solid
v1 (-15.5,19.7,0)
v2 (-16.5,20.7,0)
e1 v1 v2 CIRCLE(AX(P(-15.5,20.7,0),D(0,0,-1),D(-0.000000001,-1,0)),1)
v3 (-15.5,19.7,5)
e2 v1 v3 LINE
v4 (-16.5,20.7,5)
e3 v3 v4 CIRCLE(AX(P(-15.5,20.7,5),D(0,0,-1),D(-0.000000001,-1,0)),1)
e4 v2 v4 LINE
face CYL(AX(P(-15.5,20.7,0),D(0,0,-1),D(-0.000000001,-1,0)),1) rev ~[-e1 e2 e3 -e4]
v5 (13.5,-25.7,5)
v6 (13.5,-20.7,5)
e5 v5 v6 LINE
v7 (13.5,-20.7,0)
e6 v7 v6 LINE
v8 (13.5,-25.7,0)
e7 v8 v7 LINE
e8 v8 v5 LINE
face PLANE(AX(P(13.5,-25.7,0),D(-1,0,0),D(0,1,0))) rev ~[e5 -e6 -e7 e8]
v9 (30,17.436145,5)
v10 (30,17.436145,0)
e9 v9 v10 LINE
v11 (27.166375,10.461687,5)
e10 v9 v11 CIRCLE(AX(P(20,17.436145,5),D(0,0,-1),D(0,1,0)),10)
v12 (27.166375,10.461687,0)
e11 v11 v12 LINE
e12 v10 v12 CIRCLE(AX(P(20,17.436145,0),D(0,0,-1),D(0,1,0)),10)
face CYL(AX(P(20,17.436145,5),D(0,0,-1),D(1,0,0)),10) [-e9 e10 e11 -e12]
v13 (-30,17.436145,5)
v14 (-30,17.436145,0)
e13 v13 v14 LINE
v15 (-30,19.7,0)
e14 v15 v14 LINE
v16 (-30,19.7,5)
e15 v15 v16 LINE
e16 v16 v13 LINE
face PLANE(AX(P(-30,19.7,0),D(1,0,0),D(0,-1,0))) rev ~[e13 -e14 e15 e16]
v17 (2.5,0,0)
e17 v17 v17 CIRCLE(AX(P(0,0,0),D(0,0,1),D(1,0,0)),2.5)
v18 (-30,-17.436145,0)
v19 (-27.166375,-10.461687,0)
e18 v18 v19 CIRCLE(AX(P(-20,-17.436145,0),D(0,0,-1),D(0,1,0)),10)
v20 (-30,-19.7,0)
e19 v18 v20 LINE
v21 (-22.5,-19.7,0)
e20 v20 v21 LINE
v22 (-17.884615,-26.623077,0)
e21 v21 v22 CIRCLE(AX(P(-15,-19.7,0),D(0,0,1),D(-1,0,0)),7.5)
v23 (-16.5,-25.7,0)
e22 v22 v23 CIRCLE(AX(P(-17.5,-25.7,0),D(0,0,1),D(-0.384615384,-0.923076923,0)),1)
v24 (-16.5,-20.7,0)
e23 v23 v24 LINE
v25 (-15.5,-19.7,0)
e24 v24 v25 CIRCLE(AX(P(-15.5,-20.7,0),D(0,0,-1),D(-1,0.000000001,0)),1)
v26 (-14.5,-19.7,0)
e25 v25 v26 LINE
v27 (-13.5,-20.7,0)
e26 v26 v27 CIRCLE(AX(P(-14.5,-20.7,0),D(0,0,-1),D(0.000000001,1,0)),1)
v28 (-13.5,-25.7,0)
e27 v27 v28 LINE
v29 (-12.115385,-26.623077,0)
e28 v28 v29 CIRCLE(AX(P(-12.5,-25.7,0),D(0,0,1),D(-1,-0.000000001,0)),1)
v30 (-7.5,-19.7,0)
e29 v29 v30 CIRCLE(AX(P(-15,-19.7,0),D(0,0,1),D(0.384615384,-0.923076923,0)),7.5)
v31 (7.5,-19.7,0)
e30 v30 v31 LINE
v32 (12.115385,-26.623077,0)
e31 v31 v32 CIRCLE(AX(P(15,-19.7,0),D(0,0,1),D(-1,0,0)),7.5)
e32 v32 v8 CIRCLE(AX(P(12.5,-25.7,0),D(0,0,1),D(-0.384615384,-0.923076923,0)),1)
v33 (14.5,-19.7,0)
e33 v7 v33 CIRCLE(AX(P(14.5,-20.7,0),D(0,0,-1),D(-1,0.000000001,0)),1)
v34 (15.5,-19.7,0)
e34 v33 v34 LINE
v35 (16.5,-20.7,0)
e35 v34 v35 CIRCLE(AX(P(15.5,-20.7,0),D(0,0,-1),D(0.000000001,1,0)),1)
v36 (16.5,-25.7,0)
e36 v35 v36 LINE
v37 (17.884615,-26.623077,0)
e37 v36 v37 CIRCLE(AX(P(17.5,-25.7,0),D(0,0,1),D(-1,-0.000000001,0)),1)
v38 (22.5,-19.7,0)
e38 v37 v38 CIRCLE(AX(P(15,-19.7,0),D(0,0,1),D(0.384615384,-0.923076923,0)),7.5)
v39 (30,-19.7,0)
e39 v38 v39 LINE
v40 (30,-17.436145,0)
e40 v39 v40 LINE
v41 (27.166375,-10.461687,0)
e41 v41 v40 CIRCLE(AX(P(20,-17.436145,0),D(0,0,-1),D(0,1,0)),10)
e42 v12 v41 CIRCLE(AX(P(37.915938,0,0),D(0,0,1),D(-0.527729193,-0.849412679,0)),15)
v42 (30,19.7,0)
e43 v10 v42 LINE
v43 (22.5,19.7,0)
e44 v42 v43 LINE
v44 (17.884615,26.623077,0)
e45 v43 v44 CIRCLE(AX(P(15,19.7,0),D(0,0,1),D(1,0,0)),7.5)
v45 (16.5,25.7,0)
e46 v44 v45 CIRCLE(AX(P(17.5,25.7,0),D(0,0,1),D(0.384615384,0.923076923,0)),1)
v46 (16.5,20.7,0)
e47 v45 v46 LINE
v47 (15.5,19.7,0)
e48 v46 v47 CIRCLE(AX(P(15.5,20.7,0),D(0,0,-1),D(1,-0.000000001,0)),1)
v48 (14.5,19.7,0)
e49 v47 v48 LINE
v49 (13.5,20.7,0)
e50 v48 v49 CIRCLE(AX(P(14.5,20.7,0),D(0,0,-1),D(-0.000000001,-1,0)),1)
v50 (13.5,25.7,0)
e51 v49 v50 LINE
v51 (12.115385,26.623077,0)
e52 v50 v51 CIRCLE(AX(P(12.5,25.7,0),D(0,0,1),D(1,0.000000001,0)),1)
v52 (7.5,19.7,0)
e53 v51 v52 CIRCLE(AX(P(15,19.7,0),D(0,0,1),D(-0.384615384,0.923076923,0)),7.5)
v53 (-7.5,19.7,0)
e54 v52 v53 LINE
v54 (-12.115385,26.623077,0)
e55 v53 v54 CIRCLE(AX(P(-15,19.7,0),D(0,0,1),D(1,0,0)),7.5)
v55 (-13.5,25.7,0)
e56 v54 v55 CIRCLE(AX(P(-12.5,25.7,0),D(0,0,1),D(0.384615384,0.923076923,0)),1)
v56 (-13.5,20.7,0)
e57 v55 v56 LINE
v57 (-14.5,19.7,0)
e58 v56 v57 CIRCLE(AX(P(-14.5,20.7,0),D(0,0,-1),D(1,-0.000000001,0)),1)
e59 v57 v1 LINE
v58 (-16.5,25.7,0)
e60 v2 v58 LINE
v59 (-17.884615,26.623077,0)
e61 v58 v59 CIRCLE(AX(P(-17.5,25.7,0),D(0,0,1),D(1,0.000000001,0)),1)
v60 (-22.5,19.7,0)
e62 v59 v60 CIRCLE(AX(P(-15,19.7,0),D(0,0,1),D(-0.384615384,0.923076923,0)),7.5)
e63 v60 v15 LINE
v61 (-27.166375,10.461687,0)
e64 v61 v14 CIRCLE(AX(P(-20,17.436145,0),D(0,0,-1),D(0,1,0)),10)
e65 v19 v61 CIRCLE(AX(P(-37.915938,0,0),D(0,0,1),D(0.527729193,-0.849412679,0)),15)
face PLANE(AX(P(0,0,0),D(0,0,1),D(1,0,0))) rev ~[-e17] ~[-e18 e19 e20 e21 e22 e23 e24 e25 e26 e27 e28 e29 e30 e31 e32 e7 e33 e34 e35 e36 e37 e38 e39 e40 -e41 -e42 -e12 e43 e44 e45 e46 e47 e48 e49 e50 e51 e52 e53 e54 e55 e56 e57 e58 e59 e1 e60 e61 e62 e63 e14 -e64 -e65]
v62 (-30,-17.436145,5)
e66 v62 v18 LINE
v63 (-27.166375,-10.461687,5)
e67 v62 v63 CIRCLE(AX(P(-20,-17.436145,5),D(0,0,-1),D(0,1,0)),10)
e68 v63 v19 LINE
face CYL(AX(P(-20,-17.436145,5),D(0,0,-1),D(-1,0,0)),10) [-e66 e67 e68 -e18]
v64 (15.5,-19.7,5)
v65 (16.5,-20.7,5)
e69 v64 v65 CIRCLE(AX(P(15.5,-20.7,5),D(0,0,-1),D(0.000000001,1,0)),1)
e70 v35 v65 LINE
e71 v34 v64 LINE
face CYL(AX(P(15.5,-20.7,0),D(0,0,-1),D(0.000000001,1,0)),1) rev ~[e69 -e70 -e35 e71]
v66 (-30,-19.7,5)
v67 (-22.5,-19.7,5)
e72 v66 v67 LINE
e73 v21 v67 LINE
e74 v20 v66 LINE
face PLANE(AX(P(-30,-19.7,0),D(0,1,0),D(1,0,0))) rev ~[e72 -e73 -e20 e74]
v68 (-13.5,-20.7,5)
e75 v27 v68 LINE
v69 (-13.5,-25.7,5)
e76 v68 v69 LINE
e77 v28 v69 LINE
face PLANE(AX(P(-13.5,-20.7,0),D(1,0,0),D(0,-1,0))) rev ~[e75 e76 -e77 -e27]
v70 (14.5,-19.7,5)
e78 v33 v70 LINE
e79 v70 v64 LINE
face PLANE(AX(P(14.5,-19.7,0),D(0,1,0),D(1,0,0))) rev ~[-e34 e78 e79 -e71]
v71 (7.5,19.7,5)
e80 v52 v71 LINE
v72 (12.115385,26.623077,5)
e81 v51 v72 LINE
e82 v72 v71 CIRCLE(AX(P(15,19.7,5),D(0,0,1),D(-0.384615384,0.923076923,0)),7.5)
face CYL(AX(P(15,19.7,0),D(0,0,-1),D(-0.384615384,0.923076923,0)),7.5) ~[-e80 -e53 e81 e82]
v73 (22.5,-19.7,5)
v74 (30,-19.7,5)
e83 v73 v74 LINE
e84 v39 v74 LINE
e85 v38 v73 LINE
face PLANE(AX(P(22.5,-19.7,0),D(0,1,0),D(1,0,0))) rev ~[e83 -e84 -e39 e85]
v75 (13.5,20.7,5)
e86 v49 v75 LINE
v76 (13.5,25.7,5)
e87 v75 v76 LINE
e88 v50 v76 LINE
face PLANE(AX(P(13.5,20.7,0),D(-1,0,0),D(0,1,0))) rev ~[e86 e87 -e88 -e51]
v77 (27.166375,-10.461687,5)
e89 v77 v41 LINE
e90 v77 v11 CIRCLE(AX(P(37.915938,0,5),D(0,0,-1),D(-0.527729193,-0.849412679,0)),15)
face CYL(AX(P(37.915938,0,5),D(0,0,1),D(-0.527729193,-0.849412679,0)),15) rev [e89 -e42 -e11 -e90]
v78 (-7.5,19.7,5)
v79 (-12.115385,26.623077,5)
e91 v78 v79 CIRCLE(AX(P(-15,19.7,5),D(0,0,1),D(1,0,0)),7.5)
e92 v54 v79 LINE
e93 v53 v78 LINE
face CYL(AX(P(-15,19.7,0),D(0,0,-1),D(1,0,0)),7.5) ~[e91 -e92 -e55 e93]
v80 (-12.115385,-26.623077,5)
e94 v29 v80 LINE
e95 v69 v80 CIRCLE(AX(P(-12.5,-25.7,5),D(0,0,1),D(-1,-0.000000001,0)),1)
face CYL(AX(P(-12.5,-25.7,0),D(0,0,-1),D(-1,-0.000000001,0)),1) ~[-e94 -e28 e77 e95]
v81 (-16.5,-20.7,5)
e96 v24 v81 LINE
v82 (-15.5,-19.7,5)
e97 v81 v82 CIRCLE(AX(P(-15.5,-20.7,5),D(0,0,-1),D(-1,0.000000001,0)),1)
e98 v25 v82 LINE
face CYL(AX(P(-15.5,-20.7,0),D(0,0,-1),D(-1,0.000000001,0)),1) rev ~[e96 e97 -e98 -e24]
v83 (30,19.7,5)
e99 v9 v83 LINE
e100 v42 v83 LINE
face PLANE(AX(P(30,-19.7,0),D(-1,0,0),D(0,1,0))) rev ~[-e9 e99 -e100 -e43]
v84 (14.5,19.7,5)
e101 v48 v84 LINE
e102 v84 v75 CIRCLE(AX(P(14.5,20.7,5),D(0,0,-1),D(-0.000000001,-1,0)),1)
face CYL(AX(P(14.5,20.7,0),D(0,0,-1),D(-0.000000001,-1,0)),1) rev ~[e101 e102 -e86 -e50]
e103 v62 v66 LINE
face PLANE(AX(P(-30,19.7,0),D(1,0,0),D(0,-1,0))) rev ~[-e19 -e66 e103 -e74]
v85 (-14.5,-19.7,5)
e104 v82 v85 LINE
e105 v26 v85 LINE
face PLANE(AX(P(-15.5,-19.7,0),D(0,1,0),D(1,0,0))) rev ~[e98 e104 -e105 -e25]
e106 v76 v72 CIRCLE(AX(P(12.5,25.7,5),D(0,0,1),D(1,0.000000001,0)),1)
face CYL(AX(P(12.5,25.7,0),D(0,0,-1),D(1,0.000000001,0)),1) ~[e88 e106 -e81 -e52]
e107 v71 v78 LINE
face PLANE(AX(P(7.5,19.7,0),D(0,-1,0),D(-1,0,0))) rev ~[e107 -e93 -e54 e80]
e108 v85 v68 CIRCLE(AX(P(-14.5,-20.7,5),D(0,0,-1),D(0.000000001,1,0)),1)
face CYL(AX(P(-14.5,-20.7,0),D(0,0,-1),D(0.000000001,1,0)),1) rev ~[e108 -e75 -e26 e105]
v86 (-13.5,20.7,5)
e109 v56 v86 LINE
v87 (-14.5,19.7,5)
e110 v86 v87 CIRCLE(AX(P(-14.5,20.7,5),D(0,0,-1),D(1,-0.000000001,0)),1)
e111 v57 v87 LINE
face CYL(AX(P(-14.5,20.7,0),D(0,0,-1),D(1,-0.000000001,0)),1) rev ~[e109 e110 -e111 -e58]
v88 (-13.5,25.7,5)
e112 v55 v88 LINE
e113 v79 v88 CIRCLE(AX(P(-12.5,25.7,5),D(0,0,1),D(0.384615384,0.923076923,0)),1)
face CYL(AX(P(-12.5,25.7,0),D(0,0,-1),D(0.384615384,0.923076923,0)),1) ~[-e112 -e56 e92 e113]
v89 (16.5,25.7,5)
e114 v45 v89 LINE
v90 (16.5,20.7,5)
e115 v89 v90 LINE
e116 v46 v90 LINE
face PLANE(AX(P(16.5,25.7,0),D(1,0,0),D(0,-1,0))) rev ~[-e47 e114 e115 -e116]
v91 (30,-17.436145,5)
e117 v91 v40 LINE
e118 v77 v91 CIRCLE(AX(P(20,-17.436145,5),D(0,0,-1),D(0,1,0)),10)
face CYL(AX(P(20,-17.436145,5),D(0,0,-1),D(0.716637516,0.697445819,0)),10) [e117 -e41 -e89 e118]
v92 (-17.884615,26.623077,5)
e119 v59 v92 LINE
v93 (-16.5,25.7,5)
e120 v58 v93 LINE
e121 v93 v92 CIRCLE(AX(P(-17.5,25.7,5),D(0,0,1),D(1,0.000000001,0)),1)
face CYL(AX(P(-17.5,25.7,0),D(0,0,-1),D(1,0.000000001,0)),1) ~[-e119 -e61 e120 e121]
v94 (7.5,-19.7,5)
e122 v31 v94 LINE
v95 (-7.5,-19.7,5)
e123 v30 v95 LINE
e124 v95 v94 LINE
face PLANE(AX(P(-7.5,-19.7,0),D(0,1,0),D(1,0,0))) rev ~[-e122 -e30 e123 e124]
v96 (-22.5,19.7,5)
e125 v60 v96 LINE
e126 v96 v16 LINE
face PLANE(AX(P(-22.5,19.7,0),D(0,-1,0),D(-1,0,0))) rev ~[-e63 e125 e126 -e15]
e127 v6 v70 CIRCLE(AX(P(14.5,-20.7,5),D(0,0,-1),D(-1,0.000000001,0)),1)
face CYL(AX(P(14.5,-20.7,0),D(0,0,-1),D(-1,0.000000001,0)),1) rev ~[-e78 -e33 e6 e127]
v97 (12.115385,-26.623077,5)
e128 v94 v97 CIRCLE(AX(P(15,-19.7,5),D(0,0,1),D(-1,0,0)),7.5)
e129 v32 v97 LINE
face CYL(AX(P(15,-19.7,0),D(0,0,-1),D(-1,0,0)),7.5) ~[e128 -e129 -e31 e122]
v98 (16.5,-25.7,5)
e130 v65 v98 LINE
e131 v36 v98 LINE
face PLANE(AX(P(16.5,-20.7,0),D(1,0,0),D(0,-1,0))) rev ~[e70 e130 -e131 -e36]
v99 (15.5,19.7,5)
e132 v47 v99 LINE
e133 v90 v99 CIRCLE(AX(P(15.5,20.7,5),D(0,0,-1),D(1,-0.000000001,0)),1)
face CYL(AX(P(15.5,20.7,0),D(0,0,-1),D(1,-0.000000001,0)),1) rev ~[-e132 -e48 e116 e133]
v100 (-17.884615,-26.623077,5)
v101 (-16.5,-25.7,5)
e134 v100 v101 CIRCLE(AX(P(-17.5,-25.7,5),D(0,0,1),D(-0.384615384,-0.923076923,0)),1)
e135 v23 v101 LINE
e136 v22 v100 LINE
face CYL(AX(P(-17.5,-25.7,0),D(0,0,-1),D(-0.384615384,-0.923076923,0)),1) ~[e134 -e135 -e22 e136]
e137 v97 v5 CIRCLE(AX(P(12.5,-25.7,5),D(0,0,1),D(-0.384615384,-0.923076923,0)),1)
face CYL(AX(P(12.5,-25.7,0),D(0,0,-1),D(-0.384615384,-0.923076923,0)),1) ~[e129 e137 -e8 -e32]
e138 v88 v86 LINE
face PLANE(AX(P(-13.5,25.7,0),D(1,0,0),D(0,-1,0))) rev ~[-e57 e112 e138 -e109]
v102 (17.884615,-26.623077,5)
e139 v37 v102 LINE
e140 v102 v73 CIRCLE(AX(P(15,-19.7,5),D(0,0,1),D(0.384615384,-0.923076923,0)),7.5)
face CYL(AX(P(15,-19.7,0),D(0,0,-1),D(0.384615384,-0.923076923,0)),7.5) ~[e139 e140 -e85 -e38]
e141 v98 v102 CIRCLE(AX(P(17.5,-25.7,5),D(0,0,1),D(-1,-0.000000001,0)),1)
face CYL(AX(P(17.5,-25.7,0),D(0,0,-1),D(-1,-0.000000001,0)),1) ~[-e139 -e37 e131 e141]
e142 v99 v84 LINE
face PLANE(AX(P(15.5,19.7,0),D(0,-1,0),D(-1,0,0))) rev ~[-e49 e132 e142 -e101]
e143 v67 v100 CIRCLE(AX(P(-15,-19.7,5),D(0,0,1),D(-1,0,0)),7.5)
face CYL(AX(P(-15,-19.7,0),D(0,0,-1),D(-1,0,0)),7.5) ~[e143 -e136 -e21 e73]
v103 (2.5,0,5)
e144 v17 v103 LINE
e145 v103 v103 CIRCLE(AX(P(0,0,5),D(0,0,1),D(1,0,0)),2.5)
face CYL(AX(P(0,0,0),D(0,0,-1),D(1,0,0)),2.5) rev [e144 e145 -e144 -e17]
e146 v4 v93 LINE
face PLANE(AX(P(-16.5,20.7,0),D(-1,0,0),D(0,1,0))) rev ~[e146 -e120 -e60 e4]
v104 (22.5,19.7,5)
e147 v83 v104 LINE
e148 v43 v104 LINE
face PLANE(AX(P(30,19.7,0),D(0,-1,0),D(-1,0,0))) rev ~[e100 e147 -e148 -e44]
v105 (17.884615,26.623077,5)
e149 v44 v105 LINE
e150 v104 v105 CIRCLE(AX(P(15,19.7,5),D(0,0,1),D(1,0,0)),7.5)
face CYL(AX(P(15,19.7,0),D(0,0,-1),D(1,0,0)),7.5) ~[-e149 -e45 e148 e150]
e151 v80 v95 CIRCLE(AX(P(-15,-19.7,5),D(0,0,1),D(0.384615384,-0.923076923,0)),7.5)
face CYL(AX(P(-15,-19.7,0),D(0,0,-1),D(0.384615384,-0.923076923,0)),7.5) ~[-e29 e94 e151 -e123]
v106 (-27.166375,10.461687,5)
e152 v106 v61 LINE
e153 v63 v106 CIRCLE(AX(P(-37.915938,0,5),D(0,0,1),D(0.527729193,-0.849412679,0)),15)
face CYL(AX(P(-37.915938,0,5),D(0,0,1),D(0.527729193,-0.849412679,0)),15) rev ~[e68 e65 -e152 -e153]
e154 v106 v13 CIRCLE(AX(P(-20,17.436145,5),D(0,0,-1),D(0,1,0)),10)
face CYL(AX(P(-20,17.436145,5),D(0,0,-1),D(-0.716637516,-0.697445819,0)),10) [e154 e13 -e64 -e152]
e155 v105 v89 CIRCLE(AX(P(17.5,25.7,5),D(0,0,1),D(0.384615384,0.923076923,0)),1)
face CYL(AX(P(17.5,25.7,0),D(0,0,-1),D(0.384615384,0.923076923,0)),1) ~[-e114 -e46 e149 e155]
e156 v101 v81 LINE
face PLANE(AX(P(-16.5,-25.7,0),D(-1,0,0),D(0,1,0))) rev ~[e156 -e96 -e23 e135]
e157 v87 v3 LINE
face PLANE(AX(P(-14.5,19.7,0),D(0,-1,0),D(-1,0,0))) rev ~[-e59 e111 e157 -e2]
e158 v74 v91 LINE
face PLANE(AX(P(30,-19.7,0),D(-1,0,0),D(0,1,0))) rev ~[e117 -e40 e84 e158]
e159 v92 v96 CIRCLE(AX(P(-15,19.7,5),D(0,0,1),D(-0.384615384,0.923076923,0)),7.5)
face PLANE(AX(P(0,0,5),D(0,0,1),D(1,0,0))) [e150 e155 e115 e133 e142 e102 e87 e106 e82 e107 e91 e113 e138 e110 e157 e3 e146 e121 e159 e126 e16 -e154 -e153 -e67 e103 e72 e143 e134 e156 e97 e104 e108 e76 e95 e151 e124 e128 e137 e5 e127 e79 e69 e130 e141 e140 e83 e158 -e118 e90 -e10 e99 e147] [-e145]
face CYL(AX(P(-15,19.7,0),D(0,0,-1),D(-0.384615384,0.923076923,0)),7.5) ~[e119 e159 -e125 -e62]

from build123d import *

# Parameters (mm, degrees)
ESQUISSE1_R             = 2.5
BOSS_EXTRU_1_DEPTH      = 5
ENL_V_MAT_EXTRU_1_DEPTH = 41.47085371
CONG_1_R                = 10


with BuildPart() as part:
    # Esquisse1 → Boss.-Extru.1 (new body)
    with BuildSketch(Plane.XY):
        with BuildLine():
            Line((-7.5, -19.7), (7.5, -19.7))
            ThreePointArc((7.5, -19.7), (8.759622792, -23.860251472), (12.115384615, -26.623076923))
            ThreePointArc((12.115384615, -26.623076923), (13.054700196, -26.532050294), (13.5, -25.7))
            Line((13.5, -25.7), (13.5, -20.7))
            ThreePointArc((13.5, -20.7), (13.792893219, -19.992893219), (14.5, -19.7))
            Line((14.5, -19.7), (15.5, -19.7))
            ThreePointArc((15.5, -19.7), (16.207106781, -19.992893219), (16.5, -20.7))
            Line((16.5, -20.7), (16.5, -25.7))
            ThreePointArc((16.5, -25.7), (16.945299804, -26.532050294), (17.884615385, -26.623076923))
            ThreePointArc((17.884615385, -26.623076923), (21.240377208, -23.860251472), (22.5, -19.7))
            Line((22.5, -19.7), (30, -19.7))
            Line((30, -19.7), (30, 19.7))
            Line((30, 19.7), (22.5, 19.7))
            ThreePointArc((22.5, 19.7), (21.240377208, 23.860251472), (17.884615385, 26.623076923))
            ThreePointArc((17.884615385, 26.623076923), (16.945299804, 26.532050294), (16.5, 25.7))
            Line((16.5, 25.7), (16.5, 20.7))
            ThreePointArc((16.5, 20.7), (16.207106781, 19.992893219), (15.5, 19.7))
            Line((15.5, 19.7), (14.5, 19.7))
            ThreePointArc((14.5, 19.7), (13.792893219, 19.992893219), (13.5, 20.7))
            Line((13.5, 20.7), (13.5, 25.7))
            ThreePointArc((13.5, 25.7), (13.054700196, 26.532050294), (12.115384615, 26.623076923))
            ThreePointArc((12.115384615, 26.623076923), (8.759622792, 23.860251472), (7.5, 19.7))
            Line((7.5, 19.7), (-7.5, 19.7))
            ThreePointArc((-7.5, 19.7), (-8.759622792, 23.860251472), (-12.115384615, 26.623076923))
            ThreePointArc((-12.115384615, 26.623076923), (-13.054700196, 26.532050294), (-13.5, 25.7))
            Line((-13.5, 25.7), (-13.5, 20.7))
            ThreePointArc((-13.5, 20.7), (-13.792893219, 19.992893219), (-14.5, 19.7))
            Line((-14.5, 19.7), (-15.5, 19.7))
            ThreePointArc((-15.5, 19.7), (-16.207106781, 19.992893219), (-16.5, 20.7))
            Line((-16.5, 20.7), (-16.5, 25.7))
            ThreePointArc((-16.5, 25.7), (-16.945299804, 26.532050294), (-17.884615385, 26.623076923))
            ThreePointArc((-17.884615385, 26.623076923), (-21.240377208, 23.860251472), (-22.5, 19.7))
            Line((-22.5, 19.7), (-30, 19.7))
            Line((-30, 19.7), (-30, -19.7))
            Line((-30, -19.7), (-22.5, -19.7))
            ThreePointArc((-22.5, -19.7), (-21.240377208, -23.860251472), (-17.884615385, -26.623076923))
            ThreePointArc((-17.884615385, -26.623076923), (-16.945299804, -26.532050294), (-16.5, -25.7))
            Line((-16.5, -25.7), (-16.5, -20.7))
            ThreePointArc((-16.5, -20.7), (-16.207106781, -19.992893219), (-15.5, -19.7))
            Line((-15.5, -19.7), (-14.5, -19.7))
            ThreePointArc((-14.5, -19.7), (-13.792893219, -19.992893219), (-13.5, -20.7))
            Line((-13.5, -20.7), (-13.5, -25.7))
            ThreePointArc((-13.5, -25.7), (-13.054700196, -26.532050294), (-12.115384615, -26.623076923))
            ThreePointArc((-12.115384615, -26.623076923), (-8.759622792, -23.860251472), (-7.5, -19.7))
        make_face()
        Circle(ESQUISSE1_R, mode=Mode.SUBTRACT)
    extrude(amount=BOSS_EXTRU_1_DEPTH)

    # Esquisse2 → Enlèv. mat.-Extru.1 (cut, through all)
    with BuildSketch(Plane.XY.offset(5)):
        with BuildLine():
            Line((-30, 12.741190179), (-30, -12.741190179))
            ThreePointArc((-30, -12.741190179), (-22.915937899, 0), (-30, 12.741190179))
        make_face()
        with BuildLine():
            Line((30, 12.741190179), (30, -12.741190179))
            ThreePointArc((30, -12.741190179), (22.915937899, 0), (30, 12.741190179))
        make_face()
    extrude(amount=-ENL_V_MAT_EXTRU_1_DEPTH, mode=Mode.SUBTRACT)

    # Congé1
    cong_1_edges = [part.edges().sort_by_distance(p)[0] for p in [
        (-30, 12.741190179, 2.5),
        (-30, -12.741190179, 2.5),
        (30, -12.741190179, 2.5),
        (30, 12.741190179, 2.5),
    ]]
    fillet(cong_1_edges, radius=CONG_1_R)


solid = part.part
